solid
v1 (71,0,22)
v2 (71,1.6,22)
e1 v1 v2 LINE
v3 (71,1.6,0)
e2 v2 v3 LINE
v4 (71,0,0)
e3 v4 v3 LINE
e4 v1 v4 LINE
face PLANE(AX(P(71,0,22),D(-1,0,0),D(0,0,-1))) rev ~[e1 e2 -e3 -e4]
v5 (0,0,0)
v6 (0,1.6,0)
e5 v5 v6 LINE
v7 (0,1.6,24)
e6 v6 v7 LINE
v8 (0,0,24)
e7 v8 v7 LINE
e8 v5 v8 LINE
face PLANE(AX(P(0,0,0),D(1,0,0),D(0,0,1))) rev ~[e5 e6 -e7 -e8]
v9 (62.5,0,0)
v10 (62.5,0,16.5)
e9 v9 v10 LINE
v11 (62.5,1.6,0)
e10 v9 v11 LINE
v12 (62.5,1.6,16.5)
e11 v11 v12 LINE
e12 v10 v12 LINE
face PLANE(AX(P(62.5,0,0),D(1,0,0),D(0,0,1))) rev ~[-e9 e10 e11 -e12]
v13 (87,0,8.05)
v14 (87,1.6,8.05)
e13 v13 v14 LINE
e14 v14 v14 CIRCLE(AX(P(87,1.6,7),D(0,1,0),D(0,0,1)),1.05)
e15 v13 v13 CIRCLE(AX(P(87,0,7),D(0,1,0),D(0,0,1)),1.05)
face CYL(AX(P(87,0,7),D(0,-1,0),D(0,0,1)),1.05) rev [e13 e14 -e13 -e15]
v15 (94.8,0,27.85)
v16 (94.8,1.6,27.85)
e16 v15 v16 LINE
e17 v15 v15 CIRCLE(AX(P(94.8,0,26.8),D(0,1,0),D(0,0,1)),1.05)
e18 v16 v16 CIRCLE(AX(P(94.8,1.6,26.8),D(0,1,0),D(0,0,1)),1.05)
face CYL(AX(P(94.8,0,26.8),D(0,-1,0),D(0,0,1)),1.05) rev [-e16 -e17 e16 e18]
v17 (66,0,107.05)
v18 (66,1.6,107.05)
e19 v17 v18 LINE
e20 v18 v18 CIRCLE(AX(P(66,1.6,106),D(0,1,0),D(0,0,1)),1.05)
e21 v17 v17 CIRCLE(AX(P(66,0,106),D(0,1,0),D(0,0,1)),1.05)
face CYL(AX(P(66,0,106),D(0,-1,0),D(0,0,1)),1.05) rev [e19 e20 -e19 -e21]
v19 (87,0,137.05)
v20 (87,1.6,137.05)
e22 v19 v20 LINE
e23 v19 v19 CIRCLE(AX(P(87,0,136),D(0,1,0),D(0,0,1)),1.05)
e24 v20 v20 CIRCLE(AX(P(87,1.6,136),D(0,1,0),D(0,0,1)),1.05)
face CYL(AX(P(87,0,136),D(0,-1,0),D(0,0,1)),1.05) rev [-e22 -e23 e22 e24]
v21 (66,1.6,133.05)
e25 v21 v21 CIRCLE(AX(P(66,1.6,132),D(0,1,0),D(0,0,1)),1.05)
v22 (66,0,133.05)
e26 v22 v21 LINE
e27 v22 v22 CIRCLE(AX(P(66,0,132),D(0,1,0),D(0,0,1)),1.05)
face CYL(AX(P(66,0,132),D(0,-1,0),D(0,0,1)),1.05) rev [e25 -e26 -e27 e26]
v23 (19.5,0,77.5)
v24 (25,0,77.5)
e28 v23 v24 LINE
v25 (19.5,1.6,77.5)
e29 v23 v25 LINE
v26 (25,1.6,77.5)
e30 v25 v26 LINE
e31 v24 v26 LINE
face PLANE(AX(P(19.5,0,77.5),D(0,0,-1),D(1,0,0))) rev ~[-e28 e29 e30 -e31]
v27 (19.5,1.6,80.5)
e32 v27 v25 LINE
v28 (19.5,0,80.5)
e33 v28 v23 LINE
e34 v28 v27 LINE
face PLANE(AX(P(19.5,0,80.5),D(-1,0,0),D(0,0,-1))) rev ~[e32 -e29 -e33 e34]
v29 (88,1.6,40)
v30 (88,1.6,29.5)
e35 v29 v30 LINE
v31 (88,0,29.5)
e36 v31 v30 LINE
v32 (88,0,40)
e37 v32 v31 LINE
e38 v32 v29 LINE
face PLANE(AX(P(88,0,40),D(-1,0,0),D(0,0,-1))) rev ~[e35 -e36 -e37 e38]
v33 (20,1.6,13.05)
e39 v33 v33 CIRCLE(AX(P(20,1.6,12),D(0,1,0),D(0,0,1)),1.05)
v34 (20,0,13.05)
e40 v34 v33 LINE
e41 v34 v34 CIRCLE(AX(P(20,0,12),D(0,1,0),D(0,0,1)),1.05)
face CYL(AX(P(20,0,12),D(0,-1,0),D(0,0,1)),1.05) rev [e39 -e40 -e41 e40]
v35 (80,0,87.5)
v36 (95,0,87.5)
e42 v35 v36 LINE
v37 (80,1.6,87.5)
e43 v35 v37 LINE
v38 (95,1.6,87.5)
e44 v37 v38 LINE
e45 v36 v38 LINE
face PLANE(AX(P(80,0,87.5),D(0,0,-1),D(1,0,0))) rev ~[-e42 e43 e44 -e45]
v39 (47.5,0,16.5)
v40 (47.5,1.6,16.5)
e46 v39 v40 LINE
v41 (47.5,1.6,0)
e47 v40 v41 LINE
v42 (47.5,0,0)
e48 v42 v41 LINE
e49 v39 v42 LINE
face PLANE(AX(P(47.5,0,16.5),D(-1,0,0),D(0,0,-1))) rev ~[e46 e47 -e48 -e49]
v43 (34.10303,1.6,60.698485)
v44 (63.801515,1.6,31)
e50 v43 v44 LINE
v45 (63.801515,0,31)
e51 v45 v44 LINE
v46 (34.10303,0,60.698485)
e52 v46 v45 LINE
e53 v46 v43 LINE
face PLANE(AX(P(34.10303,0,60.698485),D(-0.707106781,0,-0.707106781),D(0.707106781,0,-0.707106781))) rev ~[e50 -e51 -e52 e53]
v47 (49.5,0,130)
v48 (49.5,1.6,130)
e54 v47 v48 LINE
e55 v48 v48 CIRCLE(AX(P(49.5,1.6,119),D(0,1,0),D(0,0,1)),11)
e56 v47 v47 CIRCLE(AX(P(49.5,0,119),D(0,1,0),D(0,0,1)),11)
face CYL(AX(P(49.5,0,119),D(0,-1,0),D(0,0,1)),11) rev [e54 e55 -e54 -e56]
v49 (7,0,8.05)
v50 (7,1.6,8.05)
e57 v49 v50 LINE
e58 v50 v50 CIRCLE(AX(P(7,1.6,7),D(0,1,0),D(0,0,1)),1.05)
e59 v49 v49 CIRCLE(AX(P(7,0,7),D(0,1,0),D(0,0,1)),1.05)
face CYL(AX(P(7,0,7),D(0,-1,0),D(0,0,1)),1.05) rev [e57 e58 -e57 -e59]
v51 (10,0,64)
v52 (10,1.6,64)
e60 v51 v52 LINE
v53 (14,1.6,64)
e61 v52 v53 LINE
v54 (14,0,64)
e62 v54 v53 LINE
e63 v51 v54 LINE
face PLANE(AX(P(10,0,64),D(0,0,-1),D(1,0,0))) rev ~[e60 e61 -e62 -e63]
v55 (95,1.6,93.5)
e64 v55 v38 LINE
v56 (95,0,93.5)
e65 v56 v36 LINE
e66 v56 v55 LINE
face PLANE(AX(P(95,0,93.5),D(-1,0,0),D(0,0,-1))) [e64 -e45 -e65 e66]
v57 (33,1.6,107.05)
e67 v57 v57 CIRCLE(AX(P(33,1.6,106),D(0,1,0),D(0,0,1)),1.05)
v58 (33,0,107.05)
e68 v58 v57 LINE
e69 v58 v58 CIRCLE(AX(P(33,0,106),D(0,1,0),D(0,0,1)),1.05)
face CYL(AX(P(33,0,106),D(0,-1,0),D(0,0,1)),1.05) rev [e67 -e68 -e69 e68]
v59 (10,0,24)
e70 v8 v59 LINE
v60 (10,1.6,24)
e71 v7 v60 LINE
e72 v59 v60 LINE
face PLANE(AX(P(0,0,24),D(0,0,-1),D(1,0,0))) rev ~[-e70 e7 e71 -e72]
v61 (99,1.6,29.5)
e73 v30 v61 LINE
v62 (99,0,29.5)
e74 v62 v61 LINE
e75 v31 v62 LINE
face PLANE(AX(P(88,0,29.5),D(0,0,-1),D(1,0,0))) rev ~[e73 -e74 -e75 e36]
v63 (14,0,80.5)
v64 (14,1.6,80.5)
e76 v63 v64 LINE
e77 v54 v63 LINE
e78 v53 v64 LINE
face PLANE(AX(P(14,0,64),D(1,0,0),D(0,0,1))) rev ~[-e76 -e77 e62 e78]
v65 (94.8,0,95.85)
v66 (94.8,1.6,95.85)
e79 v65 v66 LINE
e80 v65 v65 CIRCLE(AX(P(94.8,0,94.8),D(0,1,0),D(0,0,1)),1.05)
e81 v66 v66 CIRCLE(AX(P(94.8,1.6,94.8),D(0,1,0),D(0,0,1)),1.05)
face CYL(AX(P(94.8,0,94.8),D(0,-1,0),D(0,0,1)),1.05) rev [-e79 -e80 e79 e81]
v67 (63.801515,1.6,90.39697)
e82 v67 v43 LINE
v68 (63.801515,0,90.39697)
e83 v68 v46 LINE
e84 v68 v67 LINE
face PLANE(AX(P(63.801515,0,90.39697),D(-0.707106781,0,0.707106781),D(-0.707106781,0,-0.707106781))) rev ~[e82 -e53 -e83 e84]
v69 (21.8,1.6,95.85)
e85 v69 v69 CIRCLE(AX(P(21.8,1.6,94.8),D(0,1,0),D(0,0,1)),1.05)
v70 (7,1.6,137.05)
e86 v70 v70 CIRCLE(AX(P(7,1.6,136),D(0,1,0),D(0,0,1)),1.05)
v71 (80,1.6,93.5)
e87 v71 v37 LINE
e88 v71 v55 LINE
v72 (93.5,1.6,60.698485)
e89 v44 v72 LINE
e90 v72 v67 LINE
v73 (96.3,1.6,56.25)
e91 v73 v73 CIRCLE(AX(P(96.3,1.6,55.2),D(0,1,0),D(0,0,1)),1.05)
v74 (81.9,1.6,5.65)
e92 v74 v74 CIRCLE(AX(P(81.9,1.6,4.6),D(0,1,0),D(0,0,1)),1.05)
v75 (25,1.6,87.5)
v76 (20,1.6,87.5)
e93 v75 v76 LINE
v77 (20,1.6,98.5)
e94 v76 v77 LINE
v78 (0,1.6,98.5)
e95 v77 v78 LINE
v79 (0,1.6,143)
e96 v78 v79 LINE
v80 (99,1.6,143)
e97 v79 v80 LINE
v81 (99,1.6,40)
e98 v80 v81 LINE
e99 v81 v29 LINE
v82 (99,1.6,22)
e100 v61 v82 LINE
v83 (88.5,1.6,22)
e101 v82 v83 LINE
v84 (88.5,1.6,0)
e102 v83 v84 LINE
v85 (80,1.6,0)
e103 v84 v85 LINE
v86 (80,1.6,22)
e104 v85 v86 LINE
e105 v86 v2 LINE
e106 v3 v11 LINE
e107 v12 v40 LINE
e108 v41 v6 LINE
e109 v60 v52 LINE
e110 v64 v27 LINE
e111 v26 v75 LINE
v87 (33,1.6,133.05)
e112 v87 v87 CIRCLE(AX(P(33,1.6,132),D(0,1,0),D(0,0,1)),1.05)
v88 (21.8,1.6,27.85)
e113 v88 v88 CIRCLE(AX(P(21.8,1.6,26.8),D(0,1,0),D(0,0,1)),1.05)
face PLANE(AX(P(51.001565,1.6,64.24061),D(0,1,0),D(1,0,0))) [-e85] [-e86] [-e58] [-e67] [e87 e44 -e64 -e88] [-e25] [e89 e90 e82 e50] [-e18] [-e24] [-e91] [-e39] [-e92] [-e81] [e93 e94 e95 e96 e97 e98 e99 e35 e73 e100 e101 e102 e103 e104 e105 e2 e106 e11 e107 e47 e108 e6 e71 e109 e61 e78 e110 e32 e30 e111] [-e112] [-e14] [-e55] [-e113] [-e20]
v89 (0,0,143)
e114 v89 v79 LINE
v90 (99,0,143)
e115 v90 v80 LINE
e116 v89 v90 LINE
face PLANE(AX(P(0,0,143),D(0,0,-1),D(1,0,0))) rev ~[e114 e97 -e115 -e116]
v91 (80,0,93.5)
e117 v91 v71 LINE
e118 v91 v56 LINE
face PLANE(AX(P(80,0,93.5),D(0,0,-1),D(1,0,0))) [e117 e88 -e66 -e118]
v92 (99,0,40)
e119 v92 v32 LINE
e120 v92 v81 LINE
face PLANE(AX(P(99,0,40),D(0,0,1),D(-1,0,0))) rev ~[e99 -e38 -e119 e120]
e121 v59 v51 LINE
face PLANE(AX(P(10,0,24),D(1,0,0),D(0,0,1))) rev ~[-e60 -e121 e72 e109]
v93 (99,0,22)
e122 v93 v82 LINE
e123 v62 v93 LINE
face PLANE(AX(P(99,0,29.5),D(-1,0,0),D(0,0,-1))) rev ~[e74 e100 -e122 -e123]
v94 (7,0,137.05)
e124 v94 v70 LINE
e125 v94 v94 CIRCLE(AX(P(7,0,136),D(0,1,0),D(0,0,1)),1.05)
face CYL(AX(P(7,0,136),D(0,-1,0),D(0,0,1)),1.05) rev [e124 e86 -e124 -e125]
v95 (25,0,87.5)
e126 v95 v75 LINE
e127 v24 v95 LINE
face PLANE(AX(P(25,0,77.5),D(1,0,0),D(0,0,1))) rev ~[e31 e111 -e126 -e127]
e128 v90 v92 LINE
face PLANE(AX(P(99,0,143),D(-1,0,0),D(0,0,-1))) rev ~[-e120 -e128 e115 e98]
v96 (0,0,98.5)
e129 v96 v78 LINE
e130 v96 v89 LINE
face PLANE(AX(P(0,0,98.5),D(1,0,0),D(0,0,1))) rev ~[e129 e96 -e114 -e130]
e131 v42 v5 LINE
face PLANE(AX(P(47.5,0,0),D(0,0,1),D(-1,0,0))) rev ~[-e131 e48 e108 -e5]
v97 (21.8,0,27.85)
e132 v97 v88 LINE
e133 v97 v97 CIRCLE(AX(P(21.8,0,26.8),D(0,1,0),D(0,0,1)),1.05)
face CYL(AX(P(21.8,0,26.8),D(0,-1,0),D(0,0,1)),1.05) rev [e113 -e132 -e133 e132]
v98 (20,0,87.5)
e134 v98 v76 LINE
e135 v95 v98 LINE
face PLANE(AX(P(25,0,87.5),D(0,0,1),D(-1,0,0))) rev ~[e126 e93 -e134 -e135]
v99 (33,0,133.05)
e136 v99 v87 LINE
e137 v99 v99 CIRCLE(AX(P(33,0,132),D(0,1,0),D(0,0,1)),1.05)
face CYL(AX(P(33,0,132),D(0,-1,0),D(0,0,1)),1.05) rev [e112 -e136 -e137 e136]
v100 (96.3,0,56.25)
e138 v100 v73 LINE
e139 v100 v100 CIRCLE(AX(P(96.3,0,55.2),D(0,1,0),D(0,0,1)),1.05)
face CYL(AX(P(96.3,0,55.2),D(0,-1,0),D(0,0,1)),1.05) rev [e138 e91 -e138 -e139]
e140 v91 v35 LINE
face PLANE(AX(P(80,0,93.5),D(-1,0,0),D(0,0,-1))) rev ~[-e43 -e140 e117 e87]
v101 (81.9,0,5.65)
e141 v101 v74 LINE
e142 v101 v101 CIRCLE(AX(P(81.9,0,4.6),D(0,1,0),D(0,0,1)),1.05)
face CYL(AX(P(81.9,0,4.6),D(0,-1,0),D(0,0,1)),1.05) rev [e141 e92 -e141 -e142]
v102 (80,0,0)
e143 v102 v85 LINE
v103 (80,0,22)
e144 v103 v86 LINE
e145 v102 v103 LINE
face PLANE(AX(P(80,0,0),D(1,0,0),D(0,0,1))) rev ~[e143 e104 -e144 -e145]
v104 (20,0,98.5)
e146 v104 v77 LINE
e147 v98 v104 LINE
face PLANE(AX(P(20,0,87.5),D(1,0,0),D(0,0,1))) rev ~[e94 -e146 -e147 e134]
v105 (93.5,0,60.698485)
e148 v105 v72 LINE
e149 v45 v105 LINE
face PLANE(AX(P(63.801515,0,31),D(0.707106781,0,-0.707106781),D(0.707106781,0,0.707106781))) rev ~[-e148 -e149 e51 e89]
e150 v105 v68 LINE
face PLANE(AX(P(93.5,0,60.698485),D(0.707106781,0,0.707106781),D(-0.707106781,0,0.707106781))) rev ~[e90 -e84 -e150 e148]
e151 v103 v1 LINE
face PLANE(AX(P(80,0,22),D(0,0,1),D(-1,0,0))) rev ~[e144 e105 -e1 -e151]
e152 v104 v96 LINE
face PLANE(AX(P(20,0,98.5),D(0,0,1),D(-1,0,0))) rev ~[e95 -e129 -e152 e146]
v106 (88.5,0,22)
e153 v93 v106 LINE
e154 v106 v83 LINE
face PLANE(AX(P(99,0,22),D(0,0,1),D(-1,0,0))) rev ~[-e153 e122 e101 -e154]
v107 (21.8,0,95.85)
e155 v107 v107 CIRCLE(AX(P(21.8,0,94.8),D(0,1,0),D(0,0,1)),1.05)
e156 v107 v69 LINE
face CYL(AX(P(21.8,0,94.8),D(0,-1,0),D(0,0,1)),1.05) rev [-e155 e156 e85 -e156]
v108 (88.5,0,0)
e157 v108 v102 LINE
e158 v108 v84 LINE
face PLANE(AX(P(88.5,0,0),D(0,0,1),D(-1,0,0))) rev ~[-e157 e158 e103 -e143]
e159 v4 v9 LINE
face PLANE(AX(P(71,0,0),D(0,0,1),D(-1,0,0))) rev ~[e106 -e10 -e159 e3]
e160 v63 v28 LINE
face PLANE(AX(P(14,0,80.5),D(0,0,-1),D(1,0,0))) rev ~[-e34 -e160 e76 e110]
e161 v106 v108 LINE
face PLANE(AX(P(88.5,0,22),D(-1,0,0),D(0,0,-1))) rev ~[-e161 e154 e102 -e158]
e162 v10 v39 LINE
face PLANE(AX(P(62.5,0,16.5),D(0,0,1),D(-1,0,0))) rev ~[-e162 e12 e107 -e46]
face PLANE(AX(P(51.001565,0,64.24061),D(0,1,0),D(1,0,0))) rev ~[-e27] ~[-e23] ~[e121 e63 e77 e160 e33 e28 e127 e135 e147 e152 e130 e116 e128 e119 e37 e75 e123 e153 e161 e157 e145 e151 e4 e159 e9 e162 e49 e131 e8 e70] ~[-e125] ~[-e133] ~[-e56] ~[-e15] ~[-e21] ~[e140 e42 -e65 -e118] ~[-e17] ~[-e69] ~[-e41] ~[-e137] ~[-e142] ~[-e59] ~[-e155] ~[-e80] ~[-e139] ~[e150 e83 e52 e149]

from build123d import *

# Parameters (mm, degrees)
SKETCH_1_R      = 1.05
SKETCH_1_W      = 15
SKETCH_1_H      = 6
SKETCH_1_R_2    = 11
EXTRUDE_1_DEPTH = 1.6


with BuildPart() as part:
    # 草图1 → 凸台-拉伸1 (new body)
    with BuildSketch(Plane(origin=(0, 0, 0), x_dir=(1, 0, 0), z_dir=(0, 1, 0))):
        Polygon((47.5, 0), (0, 0), (0, -24), (10, -24), (10, -64), (14, -64), (14, -80.5), (19.5, -80.5), (19.5, -77.5), (25, -77.5), (25, -87.5), (20, -87.5), (20, -98.5), (0, -98.5), (0, -143), (99, -143), (99, -40), (88, -40), (88, -29.5), (99, -29.5), (99, -22), (88.5, -22), (88.5, 0), (80, 0), (80, -22), (71, -22), (71, 0), (62.5, 0), (62.5, -16.5), (47.5, -16.5), align=None)
        with Locations(Location((21.8, -94.8, 0), (0, 0, 270))):
            Circle(SKETCH_1_R, mode=Mode.SUBTRACT)
        with Locations((87.5, -90.5)):
            Rectangle(SKETCH_1_W, SKETCH_1_H, mode=Mode.SUBTRACT)
        with Locations(Location((94.8, -94.8, 0), (0, 0, 270))):
            Circle(SKETCH_1_R, mode=Mode.SUBTRACT)
        with Locations(Location((21.8, -26.8, 0), (0, 0, 270))):
            Circle(SKETCH_1_R, mode=Mode.SUBTRACT)
        with Locations(Location((7, -7, 0), (0, 0, 270))):
            Circle(SKETCH_1_R, mode=Mode.SUBTRACT)
        with Locations(Location((20, -12, 0), (0, 0, 270))):
            Circle(SKETCH_1_R, mode=Mode.SUBTRACT)
        Polygon((34.10303038, -60.69848481), (63.80151519, -31), (93.5, -60.69848481), (63.80151519, -90.39696962), align=None, mode=Mode.SUBTRACT)
        with Locations(Location((96.3, -55.2, 0), (0, 0, 270))):
            Circle(SKETCH_1_R, mode=Mode.SUBTRACT)
        with Locations(Location((94.8, -26.8, 0), (0, 0, 270))):
            Circle(SKETCH_1_R, mode=Mode.SUBTRACT)
        with Locations(Location((81.9, -4.6, 0), (0, 0, 270))):
            Circle(SKETCH_1_R, mode=Mode.SUBTRACT)
        with Locations(Location((87, -7, 0), (0, 0, 270))):
            Circle(SKETCH_1_R, mode=Mode.SUBTRACT)
        with Locations(Location((66, -106, 0), (0, 0, 270))):
            Circle(SKETCH_1_R, mode=Mode.SUBTRACT)
        with Locations(Location((7, -136, 0), (0, 0, 270))):
            Circle(SKETCH_1_R, mode=Mode.SUBTRACT)
        with Locations(Location((33, -132, 0), (0, 0, 270))):
            Circle(SKETCH_1_R, mode=Mode.SUBTRACT)
        with Locations(Location((33, -106, 0), (0, 0, 270))):
            Circle(SKETCH_1_R, mode=Mode.SUBTRACT)
        with Locations(Location((66, -132, 0), (0, 0, 270))):
            Circle(SKETCH_1_R, mode=Mode.SUBTRACT)
        with Locations(Location((49.5, -119, 0), (0, 0, 270))):
            Circle(SKETCH_1_R_2, mode=Mode.SUBTRACT)
        with Locations(Location((87, -136, 0), (0, 0, 270))):
            Circle(SKETCH_1_R, mode=Mode.SUBTRACT)
    extrude(amount=EXTRUDE_1_DEPTH)


solid = part.part
